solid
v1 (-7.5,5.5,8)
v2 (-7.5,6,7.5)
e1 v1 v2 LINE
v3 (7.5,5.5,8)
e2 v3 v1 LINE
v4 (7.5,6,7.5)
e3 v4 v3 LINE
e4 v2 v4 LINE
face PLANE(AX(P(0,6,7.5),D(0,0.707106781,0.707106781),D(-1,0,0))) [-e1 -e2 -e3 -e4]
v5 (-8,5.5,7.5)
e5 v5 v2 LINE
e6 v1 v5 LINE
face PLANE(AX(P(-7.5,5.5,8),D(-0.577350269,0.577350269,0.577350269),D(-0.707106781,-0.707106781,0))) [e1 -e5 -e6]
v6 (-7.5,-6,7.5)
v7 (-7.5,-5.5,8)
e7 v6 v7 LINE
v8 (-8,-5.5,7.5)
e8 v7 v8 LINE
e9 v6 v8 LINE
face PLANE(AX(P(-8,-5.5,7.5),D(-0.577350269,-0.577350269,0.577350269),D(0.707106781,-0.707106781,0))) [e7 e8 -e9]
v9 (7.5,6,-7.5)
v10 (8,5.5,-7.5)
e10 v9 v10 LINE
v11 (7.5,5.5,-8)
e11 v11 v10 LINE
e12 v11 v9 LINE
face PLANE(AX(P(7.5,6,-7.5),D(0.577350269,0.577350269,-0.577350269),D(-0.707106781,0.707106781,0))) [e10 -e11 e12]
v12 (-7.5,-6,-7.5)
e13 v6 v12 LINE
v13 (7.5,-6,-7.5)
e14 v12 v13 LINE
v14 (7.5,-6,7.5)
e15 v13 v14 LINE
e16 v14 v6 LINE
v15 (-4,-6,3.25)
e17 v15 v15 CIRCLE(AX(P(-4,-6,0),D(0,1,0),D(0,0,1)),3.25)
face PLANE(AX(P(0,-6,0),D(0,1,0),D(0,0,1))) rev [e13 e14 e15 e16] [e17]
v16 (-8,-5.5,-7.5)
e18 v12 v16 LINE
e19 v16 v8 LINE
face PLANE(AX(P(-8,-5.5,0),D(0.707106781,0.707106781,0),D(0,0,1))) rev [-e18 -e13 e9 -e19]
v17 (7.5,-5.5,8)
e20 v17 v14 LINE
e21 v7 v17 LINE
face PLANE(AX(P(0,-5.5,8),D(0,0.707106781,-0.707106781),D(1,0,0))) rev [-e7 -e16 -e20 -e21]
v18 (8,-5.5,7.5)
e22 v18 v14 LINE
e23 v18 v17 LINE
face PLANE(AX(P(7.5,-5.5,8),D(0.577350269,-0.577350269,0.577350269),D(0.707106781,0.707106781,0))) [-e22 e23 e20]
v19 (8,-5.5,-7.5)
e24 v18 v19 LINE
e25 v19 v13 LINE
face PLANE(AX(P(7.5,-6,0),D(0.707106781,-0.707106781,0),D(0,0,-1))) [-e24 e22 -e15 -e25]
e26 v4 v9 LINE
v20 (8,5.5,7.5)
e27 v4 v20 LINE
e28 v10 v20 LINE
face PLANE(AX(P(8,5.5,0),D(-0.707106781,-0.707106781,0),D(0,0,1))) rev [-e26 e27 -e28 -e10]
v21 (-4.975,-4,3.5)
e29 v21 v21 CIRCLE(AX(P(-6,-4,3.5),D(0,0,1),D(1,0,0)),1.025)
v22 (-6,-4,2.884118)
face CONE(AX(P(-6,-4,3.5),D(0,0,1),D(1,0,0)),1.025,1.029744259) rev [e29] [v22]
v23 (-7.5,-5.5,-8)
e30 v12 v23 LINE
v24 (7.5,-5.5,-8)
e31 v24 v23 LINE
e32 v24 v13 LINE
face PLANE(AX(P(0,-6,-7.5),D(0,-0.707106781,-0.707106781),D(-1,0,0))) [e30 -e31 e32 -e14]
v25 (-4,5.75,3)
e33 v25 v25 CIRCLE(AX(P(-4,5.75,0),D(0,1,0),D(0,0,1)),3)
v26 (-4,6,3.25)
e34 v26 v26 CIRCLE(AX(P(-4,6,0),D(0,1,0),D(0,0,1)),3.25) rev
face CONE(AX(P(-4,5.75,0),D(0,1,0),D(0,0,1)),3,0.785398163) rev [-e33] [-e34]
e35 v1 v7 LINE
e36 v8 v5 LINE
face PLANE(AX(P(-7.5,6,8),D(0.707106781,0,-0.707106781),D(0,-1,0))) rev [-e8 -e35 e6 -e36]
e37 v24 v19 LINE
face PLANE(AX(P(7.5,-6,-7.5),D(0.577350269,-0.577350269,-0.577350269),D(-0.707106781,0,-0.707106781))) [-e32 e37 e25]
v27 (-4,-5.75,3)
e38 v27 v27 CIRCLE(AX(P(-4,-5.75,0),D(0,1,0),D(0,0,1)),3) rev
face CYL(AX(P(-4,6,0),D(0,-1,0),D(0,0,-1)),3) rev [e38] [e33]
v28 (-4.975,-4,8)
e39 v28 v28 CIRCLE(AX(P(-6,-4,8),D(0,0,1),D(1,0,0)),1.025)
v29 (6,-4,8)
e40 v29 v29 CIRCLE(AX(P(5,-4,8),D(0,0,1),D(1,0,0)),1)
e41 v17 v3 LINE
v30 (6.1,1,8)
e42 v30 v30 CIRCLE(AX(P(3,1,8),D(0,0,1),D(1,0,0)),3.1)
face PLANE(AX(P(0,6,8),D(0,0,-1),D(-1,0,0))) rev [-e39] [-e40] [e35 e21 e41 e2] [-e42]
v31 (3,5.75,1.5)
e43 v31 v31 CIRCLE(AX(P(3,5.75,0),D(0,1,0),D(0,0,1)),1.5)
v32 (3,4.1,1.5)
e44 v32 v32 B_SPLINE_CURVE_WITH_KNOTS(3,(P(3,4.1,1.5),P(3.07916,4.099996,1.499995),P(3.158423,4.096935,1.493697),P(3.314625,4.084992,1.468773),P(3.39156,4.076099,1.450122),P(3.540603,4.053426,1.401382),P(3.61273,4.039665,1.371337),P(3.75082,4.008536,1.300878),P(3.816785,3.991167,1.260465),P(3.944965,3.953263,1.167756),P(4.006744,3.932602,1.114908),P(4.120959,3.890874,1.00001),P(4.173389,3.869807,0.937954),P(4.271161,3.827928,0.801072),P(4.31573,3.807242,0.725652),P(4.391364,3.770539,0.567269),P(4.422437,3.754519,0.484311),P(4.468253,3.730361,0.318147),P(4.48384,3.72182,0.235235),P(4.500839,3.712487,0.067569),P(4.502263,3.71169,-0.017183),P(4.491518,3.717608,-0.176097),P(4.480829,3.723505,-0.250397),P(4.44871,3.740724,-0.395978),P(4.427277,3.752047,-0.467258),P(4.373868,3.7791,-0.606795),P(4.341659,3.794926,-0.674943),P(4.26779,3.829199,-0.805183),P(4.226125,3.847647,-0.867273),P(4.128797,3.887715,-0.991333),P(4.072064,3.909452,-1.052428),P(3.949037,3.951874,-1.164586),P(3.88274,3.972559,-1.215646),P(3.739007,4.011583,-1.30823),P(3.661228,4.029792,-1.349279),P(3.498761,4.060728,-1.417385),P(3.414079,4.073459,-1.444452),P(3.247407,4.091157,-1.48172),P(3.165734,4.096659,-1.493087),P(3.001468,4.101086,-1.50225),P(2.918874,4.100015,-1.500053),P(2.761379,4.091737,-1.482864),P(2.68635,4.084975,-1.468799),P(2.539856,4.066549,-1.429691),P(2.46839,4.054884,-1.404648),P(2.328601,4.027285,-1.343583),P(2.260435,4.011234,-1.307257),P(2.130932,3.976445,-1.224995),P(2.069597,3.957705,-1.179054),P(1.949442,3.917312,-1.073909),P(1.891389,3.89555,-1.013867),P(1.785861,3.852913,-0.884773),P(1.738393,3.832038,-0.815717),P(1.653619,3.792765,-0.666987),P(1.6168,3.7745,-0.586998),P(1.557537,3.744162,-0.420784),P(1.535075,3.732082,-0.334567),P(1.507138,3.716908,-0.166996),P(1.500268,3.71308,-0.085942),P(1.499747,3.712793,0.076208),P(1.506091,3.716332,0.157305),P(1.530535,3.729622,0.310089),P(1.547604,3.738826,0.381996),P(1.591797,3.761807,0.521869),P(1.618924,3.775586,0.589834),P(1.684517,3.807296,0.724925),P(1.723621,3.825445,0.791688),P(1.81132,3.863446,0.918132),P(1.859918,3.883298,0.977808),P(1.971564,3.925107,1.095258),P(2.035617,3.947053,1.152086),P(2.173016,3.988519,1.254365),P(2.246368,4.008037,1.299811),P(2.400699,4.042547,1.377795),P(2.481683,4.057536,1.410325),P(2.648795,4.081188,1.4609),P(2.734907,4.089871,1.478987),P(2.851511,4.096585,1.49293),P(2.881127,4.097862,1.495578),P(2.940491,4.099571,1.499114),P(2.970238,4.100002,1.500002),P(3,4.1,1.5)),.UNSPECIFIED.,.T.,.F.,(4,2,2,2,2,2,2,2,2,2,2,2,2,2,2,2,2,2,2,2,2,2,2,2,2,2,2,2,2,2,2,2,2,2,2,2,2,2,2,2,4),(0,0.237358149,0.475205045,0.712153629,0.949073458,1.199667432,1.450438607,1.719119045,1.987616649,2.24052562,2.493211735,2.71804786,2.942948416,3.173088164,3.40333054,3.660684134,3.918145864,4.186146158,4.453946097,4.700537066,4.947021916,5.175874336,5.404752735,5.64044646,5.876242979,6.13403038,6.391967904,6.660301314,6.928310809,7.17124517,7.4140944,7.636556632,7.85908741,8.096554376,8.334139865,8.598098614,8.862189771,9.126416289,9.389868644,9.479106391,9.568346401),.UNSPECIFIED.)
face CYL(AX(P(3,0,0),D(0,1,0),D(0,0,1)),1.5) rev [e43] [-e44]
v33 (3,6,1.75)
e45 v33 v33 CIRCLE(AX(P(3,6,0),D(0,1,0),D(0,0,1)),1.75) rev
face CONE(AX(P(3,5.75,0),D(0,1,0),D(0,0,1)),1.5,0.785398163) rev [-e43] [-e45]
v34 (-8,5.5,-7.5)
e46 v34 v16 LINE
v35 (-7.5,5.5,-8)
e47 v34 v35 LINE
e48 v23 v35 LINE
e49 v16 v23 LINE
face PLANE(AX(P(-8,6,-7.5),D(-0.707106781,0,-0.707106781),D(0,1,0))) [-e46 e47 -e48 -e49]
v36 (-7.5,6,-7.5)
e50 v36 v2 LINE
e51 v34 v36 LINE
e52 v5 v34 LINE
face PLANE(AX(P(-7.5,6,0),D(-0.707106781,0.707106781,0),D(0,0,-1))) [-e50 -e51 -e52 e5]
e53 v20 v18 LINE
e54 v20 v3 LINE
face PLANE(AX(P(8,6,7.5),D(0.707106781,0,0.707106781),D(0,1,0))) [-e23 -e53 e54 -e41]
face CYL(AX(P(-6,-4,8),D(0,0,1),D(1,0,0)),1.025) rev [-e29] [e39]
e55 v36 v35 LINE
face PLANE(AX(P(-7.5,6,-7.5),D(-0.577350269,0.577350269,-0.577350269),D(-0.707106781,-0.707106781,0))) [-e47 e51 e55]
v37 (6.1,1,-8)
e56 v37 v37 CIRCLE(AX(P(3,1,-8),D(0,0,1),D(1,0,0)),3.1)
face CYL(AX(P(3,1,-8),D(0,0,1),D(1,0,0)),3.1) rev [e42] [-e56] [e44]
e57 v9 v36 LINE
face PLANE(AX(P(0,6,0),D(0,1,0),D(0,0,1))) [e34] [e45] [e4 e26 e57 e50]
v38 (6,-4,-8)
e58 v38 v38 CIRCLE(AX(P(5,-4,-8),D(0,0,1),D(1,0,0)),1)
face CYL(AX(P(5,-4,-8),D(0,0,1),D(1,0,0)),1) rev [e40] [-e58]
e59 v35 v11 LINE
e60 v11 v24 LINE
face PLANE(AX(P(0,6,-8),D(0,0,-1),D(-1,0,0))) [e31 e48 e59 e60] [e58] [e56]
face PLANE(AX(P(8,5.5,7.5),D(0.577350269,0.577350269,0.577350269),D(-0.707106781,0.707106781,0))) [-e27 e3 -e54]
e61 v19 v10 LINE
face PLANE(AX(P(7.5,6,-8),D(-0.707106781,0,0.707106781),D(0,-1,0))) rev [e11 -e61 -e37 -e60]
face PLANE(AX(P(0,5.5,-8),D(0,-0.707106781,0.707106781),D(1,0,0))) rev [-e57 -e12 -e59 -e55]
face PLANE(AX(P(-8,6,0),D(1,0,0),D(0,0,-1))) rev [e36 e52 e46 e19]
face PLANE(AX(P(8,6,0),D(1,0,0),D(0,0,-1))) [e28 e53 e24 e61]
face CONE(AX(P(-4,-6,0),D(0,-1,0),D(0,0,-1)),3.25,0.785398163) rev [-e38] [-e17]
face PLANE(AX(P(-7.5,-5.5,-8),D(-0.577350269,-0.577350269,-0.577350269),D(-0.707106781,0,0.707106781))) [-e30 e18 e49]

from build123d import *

# Parameters (mm, degrees)
SKETCH1_W                          = 16
SKETCH1_H                          = 16
SKETCH1_R                          = 3
BOSS_EXTRUDE1_DEPTH                = 6
TAP_DRILL_FOR_M2_5X0_45_TAP1_D     = 2.05
TAP_DRILL_FOR_M2_5X0_45_TAP1_DEPTH = 4.5
TAP_DRILL_FOR_M2_5X0_45_TAP1_TIP   = 0.615882135
SKETCH5_R                          = 3.1
SKETCH5_R_2                        = 1
CUT_EXTRUDE1_DEPTH                 = 19.867962264
SKETCH6_R                          = 1.5
CUT_EXTRUDE2_DEPTH                 = 6
CHAMFER1_SIZE                      = 0.5
CHAMFER2_SIZE                      = 0.25


with BuildPart() as part:
    # Sketch1 → Boss-Extrude1 (new, symmetric)
    with BuildSketch(Plane(origin=(0, 0, 0), x_dir=(1, 0, 0), z_dir=(0, 1, 0))):
        Rectangle(SKETCH1_W, SKETCH1_H)
        with Locations(Location((-4, 0, 0), (0, 0, 270))):
            Circle(SKETCH1_R, mode=Mode.SUBTRACT)
    extrude(amount=BOSS_EXTRUDE1_DEPTH, both=True)

    # Tap Drill for M2.5x0.45 Tap1
    with Locations(Plane.XY.offset(8)):
        with Locations((-6, -4)):
            Hole(TAP_DRILL_FOR_M2_5X0_45_TAP1_D / 2, depth=TAP_DRILL_FOR_M2_5X0_45_TAP1_DEPTH)
            with Locations((0, 0, -(TAP_DRILL_FOR_M2_5X0_45_TAP1_DEPTH + TAP_DRILL_FOR_M2_5X0_45_TAP1_TIP / 2))):  # 118° drill point
                Cone(0, TAP_DRILL_FOR_M2_5X0_45_TAP1_D / 2, TAP_DRILL_FOR_M2_5X0_45_TAP1_TIP, mode=Mode.SUBTRACT)

    # Sketch5 → Cut-Extrude1 (cut, through all)
    with BuildSketch(Plane.XY.offset(8)):
        with Locations((3, 1)):
            Circle(SKETCH5_R)
        with Locations((5, -4)):
            Circle(SKETCH5_R_2)
    extrude(amount=-CUT_EXTRUDE1_DEPTH, mode=Mode.SUBTRACT)

    # Sketch6 → Cut-Extrude2 (cut)
    with BuildSketch(Plane(origin=(0, 6, 0), x_dir=(1, 0, 0), z_dir=(0, 1, 0))):
        with Locations(Location((3, 0, 0), (0, 0, 270))):
            Circle(SKETCH6_R)
    extrude(amount=-CUT_EXTRUDE2_DEPTH, mode=Mode.SUBTRACT)

    # Chamfer1
    chamfer1_edges = [part.edges().sort_by_distance(p)[0] for p in [
        (8, 6, 0),
        (8, 0, 8),
        (-8, 0, 8),
        (-8, 0, -8),
        (8, 0, -8),
        (0, 6, -8),
        (-8, 6, 0),
        (0, 6, 8),
        (0, -6, 8),
        (-8, -6, 0),
        (0, -6, -8),
        (8, -6, 0),
    ]]
    chamfer(chamfer1_edges, length=CHAMFER1_SIZE)

    # Chamfer2
    chamfer2_edges = [part.edges().sort_by_distance(p)[0] for p in [
        (3, 6, -1.5),
        (-4, 6, -3),
        (-4, -6, -3),
    ]]
    chamfer(chamfer2_edges, length=CHAMFER2_SIZE)


solid = part.part
